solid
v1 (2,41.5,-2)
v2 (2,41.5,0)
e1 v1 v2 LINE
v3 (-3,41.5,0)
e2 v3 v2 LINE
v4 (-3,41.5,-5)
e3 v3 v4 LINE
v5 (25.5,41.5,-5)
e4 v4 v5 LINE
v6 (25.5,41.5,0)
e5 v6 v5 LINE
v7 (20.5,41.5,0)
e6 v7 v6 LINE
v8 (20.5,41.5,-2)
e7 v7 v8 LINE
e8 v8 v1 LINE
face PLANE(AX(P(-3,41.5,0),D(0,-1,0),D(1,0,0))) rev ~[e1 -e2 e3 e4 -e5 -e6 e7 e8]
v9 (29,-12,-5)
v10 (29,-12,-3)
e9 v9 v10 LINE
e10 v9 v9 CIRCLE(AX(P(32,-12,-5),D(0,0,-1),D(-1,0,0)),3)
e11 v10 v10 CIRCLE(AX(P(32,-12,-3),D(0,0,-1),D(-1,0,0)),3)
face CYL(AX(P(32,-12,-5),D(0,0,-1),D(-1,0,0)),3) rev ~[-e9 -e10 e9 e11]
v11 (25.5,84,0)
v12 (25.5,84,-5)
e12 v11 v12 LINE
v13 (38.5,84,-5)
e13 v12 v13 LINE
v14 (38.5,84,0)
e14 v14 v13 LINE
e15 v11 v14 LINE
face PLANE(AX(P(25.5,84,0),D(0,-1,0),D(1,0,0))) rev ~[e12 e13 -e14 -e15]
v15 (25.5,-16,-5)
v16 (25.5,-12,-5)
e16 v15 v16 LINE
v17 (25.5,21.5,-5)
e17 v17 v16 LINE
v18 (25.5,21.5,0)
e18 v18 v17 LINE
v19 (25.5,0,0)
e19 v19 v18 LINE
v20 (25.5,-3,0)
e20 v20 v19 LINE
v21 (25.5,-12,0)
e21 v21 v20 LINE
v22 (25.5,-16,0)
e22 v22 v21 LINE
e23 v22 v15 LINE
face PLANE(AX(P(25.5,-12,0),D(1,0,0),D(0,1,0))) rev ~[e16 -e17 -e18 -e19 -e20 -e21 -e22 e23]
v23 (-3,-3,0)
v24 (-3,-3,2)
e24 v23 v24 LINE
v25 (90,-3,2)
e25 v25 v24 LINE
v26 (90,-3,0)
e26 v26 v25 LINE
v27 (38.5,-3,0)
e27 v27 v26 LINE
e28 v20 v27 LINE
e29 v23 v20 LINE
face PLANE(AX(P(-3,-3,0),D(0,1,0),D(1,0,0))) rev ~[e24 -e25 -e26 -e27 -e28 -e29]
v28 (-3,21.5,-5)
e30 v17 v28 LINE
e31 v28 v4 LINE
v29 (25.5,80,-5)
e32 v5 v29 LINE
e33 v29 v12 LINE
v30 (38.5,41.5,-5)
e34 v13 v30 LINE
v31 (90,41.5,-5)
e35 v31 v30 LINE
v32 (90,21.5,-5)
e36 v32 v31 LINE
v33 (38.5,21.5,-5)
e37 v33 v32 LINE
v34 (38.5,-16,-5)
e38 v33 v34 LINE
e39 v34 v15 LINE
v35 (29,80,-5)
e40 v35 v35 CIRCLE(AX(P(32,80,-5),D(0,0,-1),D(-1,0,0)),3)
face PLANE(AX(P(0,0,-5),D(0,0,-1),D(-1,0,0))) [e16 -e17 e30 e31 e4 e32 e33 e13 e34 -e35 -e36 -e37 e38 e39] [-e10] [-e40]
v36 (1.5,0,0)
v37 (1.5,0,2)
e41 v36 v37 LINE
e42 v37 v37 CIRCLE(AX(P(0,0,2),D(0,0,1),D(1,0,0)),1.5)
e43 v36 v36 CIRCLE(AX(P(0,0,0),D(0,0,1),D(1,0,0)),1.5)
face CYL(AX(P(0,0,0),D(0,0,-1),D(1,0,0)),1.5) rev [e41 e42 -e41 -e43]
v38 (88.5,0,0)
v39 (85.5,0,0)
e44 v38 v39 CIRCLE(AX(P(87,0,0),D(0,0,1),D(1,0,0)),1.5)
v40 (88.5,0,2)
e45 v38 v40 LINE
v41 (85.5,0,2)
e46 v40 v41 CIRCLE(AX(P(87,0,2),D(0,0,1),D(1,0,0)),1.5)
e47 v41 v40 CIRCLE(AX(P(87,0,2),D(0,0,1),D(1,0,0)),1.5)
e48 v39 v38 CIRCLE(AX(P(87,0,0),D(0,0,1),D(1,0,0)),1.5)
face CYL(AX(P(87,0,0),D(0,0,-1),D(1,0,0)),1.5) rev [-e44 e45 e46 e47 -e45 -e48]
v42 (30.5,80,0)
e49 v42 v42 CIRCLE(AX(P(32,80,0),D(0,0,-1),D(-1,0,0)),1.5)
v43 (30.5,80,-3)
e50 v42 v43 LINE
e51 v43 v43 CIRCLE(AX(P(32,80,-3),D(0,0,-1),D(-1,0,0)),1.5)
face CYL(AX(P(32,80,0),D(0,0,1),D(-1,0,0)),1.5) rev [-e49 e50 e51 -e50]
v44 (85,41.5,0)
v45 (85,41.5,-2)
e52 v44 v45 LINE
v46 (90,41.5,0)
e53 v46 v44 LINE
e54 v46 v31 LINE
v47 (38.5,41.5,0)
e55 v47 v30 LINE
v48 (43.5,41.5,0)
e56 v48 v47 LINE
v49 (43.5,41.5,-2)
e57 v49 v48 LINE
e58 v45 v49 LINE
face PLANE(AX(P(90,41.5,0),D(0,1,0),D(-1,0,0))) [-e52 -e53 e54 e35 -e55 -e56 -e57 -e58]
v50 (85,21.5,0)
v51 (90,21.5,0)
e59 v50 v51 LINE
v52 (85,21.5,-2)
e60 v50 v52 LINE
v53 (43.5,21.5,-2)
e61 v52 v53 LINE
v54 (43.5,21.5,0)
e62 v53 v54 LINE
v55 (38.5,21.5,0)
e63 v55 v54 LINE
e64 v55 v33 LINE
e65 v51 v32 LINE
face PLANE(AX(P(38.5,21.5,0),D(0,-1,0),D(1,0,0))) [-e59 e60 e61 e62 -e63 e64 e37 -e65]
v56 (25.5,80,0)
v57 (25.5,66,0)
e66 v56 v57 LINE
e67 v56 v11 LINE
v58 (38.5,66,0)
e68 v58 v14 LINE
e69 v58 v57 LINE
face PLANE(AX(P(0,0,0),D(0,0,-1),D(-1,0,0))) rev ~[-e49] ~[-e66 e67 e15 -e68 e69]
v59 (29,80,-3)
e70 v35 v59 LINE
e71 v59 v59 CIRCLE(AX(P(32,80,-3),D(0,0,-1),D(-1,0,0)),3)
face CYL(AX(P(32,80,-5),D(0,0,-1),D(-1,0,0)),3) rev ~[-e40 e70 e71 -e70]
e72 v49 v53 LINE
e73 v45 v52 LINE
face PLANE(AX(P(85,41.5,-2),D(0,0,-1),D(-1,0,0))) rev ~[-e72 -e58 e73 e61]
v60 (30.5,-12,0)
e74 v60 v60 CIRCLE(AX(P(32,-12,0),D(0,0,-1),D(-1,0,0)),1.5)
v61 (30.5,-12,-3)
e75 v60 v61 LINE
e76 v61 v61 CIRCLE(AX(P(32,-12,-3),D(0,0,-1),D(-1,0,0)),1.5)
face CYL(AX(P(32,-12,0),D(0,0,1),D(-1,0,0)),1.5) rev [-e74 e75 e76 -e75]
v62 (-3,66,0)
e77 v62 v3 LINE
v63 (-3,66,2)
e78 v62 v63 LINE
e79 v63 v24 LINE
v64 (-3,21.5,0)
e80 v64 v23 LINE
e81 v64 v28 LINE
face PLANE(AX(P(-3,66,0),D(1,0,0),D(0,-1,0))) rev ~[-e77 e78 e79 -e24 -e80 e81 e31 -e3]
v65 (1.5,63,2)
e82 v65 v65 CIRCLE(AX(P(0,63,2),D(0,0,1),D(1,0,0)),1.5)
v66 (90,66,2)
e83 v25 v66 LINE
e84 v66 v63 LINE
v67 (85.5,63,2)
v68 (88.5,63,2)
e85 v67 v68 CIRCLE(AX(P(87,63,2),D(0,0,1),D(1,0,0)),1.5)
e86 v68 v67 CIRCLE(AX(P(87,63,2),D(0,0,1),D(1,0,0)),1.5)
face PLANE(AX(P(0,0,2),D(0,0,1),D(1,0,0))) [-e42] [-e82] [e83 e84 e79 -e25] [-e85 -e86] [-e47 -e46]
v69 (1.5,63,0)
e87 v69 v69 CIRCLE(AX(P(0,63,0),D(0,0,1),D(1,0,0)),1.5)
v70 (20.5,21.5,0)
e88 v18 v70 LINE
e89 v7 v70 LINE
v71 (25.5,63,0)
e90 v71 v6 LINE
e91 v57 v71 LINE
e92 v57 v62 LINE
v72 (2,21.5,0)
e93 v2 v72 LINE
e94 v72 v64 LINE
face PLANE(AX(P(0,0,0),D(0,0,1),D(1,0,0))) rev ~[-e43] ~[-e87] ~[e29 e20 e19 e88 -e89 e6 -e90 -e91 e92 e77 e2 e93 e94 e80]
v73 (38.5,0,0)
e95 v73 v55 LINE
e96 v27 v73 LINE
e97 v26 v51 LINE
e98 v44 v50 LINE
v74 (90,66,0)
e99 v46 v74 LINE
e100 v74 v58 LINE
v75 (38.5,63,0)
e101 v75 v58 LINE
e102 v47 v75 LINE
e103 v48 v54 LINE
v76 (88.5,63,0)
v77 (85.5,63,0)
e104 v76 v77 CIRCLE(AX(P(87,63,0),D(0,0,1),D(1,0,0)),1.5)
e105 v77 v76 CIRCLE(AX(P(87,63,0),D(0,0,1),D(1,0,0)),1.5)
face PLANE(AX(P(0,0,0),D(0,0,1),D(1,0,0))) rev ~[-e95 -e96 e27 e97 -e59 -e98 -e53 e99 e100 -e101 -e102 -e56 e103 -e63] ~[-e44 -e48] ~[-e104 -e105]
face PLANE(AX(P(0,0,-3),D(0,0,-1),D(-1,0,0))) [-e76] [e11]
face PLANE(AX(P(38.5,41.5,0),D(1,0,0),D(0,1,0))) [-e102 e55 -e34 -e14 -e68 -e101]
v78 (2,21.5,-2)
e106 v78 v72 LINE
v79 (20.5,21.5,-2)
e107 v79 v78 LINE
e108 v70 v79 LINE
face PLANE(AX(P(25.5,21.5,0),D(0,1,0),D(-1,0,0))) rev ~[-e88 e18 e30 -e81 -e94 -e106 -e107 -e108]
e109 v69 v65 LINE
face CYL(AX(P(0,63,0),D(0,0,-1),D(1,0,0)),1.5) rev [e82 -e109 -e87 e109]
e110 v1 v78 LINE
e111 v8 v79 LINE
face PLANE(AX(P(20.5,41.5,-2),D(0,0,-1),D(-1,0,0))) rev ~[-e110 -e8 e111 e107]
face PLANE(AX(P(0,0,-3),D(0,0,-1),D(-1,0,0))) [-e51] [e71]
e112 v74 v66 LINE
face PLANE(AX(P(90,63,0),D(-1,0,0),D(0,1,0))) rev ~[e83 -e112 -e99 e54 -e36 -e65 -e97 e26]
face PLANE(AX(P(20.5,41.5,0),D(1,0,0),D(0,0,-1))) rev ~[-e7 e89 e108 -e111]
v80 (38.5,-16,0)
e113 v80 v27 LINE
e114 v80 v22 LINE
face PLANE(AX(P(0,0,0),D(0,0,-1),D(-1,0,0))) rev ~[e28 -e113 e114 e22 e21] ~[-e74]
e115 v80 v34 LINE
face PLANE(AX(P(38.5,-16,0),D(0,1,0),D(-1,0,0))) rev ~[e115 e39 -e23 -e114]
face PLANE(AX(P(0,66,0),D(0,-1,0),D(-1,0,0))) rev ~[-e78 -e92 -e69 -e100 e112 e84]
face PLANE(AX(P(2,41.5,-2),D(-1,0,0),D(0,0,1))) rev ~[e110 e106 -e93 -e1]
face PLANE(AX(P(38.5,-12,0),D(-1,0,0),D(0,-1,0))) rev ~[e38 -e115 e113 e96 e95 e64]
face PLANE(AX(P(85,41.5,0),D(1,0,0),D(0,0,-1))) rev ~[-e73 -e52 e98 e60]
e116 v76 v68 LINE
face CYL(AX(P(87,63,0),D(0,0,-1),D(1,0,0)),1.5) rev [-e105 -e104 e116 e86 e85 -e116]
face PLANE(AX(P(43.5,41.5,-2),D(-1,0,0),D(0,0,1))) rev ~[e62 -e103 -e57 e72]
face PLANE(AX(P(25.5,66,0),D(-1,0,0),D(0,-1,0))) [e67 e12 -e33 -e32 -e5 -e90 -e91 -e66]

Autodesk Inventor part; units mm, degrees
ref_plane "YZ Plane" through (0, 0, 0) normal (1, 0, 0) x (0, 1, 0)
ref_plane "XZ Plane" through (0, 0, 0) normal (0, 1, 0) x (-1, 0, 0)
ref_plane "XY Plane" through (0, 0, 0) normal (0, 0, 1) x (1, 0, 0)
sketch "Boceto1" plane through (0, 0, 0) normal (0, 0, 1) x (1, 0, 0)
  line L0 (0, 0) -> (87, 0)
  line L1 (87, 63) -> (0, 63)
  circle A0 centre (0, 63) radius 1.5
  circle A1 centre (87, 63) radius 1.5
  circle A2 centre (87, 0) radius 1.5
  circle A3 centre (0, 0) radius 1.5
  line L2 (0, -3) -> (87, -3)
  line L3 (87, -3) -> (90, -3)
  line L4 (90, -3) -> (90, 63)
  line L5 (90, 63) -> (90, 66)
  line L6 (90, 66) -> (0, 66)
  line L7 (0, 66) -> (-3, 66)
  line L8 (-3, 66) -> (-3, -3)
  line L9 (-3, -3) -> (0, -3)
  dimension "d0" = 87
  dimension "d1" = 63
  dimension "d2" = 3
  dimension "d3" = 3
  dimension "d4" = 3
  dimension "d5" = 3
  dimension "d8" = 3
  dimension "d9" = 3
  dimension "d10" = 3
extrude "Extrusión1" add sketch "Boceto1" along normal blind 2
sketch "Boceto2" plane through (0, 0, 0) normal (0, 0, -1) x (-1, 0, 0)
  line L0 (0, 0) -> (0, -12)
  circle A0 centre (0, 63) radius 1.5 projected
  line L1 (0, 63) -> (0, 80)
  line L2 (0, 80) -> (-32, 80)
  line L3 (0, -12) -> (-32, -12)
  circle A1 centre (-32, 80) radius 1.5
  circle A2 centre (-32, -12) radius 1.5
  line L4 (-32, 80) -> (-25.5, 80)
  line L5 (-25.5, 80) -> (-25.5, 84)
  line L6 (-25.5, 84) -> (-38.5, 84)
  line L7 (-38.5, 84) -> (-38.5, 66)
  line L8 (-90, 66) -> (3, 66) projected
  line L9 (-25.5, 80) -> (-25.5, 66)
  line L10 (-38.5, -12) -> (-38.5, -2.9941)
  line L11 (-38.5, -12) -> (-38.5, -16)
  line L12 (-38.5, -16) -> (-25.5, -16)
  line L13 (-25.5, -16) -> (-25.5, -3)
  line L14 (3, -3) -> (-90, -3) projected
  line L15 (3, 66) -> (3, -3) projected
  line L16 (3, 31.5) -> (3, 41.5)
  line L17 (3, 31.5) -> (3, 21.5)
  line L18 (-90, -3) -> (-90, 66) projected
  line L19 (-90, 21.5) -> (-90, 41.5)
  line L20 (-90, 41.5) -> (-38.5, 41.5)
  line L21 (-38.5, 41.5) -> (-38.5, 66)
  line L22 (3, 41.5) -> (-25.5, 41.5)
  line L23 (-38.5, -2.9941) -> (-38.5, 21.5)
  line L24 (-25.5, 66) -> (-25.5, 41.5)
  line L25 (-25.5, -3) -> (-25.5, 21.5)
  line L26 (-38.5, 21.5) -> (-90, 21.5)
  line L27 (-25.5, 21.5) -> (3, 21.5)
  dimension "d13" = 12
  dimension "d14" = 17
  dimension "d15" = 32
  dimension "d16" = 3
  dimension "d17" = 3
  dimension "d18" = 6.5
  dimension "d19" = 4
  dimension "d20" = 13
  dimension "d21" = 4
  dimension "d22" = 10
  dimension "d23" = 10
  dimension "d24" = 20
extrude "Extrusión2" add sketch "Boceto2" along normal blind 5 contours L13 L12 L11 L10 L14 | L14 L10 L23 L26 L18 L20 L21 L8 L24 L22 L15 L27 L25 | L8 L7 L6 L5 L9
sketch "Boceto3" plane through (0, 0, -5) normal (0, 0, -1) x (-1, 0, 0)
  circle A0 centre (-32, 80) radius 1.5 projected
  circle A1 centre (-32, 80) radius 3
  circle A2 centre (-32, -12) radius 1.5 projected
  circle A3 centre (-32, -12) radius 3
  point P0 (0, 0)
  dimension "d27" = 6
  dimension "d28" = 6
extrude "Extrusión3" cut sketch "Boceto3" against normal blind 2
sketch "Boceto4" plane through (38.5, 41.5, 0) normal (0, 1, 0) x (1, 0, 0)
  line L0 (51.5, 0) -> (51.5, 5) projected
  line L1 (51.5, 0) -> (46.5, 0)
  line L2 (51.5, 0) -> (0, 0) projected
  line L3 (46.5, 0) -> (46.5, 2)
  line L4 (46.5, 2) -> (5, 2)
  line L5 (5, 2) -> (5, 0)
  line L6 (5, 0) -> (46.5, 0)
  line L7 (-41.5, 0) -> (-13, 0) projected
  line L8 (-13, 0) -> (-18, 0)
  line L9 (-18, 0) -> (-18, 2)
  line L10 (-18, 2) -> (-36.5, 2)
  line L11 (-36.5, 2) -> (-36.5, 0)
  line L12 (-36.5, 0) -> (-18, 0)
  point P0 (-38.5, 0)
  dimension "d31" = 5
  dimension "d32" = 2
  dimension "d33" = 41.5
  dimension "d34" = 5
  dimension "d35" = 18.5
extrude "Extrusión4" cut sketch "Boceto4" against normal up to surface (20 mm away)
properties part number "soporte_odroid_xu3"
